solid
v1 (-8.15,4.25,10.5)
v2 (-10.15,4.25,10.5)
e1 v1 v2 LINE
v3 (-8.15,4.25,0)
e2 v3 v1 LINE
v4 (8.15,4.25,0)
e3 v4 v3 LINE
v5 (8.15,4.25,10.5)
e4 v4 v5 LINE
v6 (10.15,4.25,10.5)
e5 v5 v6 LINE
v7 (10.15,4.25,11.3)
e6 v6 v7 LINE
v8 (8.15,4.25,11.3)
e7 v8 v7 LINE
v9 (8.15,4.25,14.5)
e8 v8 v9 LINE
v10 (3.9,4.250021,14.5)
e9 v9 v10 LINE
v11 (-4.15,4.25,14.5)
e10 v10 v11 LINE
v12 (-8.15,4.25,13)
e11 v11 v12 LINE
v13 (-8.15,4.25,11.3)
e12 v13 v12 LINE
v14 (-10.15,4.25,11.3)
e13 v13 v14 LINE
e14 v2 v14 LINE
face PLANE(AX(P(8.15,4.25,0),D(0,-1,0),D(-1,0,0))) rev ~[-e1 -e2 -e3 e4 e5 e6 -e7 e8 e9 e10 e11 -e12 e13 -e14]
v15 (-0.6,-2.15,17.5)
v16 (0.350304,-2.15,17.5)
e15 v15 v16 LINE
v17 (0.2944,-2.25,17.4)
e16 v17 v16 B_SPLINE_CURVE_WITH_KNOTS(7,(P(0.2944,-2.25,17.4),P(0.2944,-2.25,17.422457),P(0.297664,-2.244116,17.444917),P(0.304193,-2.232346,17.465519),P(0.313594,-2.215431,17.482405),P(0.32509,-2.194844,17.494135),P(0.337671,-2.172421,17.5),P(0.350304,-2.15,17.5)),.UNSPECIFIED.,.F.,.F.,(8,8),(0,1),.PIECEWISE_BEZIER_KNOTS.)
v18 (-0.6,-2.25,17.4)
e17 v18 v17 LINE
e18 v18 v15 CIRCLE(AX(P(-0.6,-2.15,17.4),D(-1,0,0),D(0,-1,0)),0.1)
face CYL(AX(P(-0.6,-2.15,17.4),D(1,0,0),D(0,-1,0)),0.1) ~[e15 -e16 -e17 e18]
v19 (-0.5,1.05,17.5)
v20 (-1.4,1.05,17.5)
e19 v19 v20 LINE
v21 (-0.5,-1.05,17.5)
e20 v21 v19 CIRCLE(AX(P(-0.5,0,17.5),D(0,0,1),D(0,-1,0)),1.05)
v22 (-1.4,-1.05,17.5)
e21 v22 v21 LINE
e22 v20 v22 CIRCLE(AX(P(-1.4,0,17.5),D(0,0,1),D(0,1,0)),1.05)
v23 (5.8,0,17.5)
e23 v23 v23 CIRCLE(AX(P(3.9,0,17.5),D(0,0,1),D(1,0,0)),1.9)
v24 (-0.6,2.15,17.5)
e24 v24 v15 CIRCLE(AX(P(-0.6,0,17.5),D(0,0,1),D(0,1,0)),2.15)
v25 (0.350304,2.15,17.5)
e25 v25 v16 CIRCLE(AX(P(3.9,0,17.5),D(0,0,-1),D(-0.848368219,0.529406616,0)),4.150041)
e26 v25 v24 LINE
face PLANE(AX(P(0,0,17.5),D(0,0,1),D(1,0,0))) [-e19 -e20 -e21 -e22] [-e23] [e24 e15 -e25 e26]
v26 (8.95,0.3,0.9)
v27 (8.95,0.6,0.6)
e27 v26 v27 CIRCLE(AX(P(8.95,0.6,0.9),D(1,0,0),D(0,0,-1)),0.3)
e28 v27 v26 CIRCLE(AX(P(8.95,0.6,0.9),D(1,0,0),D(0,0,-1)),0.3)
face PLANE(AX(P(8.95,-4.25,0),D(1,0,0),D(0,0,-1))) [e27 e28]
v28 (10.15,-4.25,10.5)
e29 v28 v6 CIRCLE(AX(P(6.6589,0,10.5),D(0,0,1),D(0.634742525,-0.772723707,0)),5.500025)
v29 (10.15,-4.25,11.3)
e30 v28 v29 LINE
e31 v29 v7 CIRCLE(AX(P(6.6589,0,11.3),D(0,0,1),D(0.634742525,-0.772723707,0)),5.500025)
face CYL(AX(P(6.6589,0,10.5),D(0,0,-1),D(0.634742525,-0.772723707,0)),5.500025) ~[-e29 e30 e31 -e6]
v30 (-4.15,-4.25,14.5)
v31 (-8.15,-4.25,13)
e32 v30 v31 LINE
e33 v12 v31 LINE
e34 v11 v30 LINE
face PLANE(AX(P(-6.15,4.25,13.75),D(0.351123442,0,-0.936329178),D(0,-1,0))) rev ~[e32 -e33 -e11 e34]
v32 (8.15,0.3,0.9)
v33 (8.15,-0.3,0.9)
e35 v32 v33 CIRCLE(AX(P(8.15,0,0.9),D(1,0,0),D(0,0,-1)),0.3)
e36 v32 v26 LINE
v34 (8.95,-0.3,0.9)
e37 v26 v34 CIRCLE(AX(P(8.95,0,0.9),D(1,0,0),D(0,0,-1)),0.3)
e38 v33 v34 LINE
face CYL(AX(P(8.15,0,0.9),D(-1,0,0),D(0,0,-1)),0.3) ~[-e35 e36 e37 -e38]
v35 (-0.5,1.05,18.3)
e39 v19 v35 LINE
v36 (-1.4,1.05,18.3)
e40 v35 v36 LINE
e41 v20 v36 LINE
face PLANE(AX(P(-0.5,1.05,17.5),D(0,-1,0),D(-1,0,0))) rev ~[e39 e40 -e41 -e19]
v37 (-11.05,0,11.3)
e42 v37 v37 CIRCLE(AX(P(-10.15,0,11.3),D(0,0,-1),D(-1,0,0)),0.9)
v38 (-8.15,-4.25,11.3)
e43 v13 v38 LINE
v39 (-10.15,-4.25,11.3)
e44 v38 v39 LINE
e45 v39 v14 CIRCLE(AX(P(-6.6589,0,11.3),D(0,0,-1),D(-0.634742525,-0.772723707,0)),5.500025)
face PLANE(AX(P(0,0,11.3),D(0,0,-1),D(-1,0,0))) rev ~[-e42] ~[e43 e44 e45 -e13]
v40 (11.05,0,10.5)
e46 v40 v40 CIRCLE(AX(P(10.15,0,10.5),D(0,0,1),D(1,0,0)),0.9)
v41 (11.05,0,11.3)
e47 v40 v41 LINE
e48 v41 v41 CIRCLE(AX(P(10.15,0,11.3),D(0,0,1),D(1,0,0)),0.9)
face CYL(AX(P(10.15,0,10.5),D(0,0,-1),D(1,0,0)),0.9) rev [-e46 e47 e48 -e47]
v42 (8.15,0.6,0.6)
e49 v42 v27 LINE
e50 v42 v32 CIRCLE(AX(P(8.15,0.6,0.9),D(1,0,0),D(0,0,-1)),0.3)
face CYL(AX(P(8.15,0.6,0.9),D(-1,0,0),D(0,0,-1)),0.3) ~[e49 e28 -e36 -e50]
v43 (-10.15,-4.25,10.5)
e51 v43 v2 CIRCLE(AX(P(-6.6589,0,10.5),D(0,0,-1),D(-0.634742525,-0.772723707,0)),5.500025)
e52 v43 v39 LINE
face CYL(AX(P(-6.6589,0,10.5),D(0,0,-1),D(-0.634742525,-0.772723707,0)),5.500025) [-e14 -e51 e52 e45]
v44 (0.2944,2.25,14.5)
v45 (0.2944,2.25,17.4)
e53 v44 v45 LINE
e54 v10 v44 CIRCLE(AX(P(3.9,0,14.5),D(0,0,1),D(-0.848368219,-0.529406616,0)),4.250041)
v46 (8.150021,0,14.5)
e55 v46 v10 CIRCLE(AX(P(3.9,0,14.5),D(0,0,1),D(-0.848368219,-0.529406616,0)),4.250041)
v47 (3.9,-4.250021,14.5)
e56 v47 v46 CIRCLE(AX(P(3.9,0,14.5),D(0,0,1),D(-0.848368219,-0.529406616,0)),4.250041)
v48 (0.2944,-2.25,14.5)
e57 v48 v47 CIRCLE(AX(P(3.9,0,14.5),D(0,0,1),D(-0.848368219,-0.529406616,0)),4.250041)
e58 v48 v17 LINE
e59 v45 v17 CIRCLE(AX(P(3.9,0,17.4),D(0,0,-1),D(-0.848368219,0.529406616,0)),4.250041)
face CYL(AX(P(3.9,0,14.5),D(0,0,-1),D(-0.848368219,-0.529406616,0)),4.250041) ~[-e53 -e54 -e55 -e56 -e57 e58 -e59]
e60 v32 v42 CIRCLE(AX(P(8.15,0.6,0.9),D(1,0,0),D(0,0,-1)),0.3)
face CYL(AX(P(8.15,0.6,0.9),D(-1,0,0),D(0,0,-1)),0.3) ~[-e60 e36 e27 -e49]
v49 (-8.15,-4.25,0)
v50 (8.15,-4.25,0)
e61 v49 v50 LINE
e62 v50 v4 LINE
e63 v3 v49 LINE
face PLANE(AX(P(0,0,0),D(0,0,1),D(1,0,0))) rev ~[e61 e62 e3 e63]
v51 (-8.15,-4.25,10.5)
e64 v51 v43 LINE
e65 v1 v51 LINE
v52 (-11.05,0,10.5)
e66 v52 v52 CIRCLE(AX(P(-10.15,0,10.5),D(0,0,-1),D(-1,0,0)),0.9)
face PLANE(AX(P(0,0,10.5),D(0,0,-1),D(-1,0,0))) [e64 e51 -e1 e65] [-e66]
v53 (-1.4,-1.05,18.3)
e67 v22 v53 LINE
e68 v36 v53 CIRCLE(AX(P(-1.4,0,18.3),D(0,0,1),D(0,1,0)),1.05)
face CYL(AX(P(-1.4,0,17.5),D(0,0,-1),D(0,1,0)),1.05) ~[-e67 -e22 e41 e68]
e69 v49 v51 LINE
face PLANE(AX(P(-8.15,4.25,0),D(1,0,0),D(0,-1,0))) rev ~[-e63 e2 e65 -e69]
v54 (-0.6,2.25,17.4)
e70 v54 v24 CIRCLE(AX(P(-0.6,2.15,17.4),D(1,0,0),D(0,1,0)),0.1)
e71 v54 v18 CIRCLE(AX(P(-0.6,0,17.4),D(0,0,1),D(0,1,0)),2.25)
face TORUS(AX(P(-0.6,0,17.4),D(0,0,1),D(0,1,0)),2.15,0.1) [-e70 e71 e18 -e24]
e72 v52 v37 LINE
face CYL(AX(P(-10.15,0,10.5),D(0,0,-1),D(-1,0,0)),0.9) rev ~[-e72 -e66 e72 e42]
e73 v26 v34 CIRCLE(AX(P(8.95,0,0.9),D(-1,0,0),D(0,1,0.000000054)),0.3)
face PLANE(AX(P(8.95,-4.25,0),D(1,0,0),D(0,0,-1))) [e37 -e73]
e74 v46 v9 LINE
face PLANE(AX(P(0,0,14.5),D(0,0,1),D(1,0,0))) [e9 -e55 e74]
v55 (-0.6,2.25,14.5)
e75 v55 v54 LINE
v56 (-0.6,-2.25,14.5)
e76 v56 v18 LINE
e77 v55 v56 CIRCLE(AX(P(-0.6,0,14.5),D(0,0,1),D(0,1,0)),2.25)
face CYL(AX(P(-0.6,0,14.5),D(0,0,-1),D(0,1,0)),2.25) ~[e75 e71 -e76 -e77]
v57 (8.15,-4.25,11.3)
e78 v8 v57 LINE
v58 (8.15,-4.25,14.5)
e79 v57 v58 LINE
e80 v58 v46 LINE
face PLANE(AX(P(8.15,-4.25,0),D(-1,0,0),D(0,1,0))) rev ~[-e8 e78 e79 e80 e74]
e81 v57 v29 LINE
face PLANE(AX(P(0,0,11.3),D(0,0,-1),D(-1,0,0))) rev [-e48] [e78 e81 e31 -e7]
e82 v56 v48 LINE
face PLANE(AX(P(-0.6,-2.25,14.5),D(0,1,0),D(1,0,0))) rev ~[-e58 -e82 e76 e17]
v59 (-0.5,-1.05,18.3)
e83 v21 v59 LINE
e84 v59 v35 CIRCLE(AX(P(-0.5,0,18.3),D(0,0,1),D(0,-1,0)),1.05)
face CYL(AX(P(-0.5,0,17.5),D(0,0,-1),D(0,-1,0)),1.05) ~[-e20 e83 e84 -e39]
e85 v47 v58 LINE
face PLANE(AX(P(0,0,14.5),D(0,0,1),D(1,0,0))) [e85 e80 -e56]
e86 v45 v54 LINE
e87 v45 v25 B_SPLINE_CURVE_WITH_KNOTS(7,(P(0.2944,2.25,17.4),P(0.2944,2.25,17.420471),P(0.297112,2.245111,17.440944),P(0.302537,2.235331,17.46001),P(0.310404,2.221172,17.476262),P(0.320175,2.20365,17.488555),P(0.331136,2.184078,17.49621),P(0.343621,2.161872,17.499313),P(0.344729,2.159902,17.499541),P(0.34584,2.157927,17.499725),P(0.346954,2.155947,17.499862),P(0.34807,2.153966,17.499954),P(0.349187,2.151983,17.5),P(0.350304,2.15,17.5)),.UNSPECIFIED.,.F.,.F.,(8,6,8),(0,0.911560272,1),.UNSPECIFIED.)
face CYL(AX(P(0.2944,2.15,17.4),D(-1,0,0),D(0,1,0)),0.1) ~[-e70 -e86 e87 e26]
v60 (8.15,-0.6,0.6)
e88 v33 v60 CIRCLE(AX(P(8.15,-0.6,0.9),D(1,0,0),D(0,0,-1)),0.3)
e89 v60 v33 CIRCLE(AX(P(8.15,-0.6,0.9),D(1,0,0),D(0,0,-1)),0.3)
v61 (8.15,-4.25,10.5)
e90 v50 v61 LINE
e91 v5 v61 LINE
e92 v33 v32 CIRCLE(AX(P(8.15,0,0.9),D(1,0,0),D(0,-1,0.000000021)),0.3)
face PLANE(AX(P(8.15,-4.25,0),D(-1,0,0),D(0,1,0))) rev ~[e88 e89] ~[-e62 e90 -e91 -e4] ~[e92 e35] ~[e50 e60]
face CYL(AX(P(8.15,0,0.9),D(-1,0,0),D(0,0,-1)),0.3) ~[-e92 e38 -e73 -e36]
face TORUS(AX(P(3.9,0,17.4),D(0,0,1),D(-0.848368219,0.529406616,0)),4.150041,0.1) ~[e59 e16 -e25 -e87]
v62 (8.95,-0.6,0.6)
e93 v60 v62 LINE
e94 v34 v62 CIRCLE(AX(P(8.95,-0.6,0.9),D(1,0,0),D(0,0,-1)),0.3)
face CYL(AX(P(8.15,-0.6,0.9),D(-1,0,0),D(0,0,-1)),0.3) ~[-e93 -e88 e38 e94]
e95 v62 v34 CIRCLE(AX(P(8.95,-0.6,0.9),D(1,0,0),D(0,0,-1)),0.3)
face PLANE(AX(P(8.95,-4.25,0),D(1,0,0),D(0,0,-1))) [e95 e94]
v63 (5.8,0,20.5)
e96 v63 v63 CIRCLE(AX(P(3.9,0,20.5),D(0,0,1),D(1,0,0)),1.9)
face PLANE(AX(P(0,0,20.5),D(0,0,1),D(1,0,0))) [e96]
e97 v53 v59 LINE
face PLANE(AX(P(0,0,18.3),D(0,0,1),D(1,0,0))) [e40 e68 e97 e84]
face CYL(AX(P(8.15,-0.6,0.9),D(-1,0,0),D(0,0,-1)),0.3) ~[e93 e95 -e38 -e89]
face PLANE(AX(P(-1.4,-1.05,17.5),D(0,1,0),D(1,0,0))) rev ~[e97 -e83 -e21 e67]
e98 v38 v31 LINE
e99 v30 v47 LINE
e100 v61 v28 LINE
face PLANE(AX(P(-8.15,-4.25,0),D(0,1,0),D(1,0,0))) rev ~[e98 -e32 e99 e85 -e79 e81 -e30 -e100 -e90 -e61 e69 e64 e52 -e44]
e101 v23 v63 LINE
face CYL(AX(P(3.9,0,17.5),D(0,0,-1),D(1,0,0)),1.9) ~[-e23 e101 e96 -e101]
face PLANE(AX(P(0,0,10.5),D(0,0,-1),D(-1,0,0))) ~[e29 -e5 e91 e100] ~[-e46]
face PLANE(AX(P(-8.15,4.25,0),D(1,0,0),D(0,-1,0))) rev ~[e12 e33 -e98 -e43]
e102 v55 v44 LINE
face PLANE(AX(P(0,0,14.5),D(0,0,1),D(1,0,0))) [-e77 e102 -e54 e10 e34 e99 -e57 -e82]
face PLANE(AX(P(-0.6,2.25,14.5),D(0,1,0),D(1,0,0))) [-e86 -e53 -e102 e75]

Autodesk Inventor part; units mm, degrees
ref_plane "YZ Plane" through (0, 0, 0) normal (1, 0, 0) x (0, 1, 0)
ref_plane "XZ Plane" through (0, 0, 0) normal (0, 1, 0) x (-1, 0, 0)
ref_plane "XY Plane" through (0, 0, 0) normal (0, 0, 1) x (1, 0, 0)
sketch "スケッチ1" plane through (0, 0, 0) normal (0, 0, 1) x (1, 0, 0)
  line L0 (-8.15, -4.25) -> (8.15, -4.25)
  line L1 (8.15, -4.25) -> (8.15, 4.25)
  line L2 (8.15, 4.25) -> (-8.15, 4.25)
  line L3 (-8.15, 4.25) -> (-8.15, -4.25)
  line L4 (-8.15, -4.25) -> (8.15, 4.25) construction
  line L5 (8.15, -4.25) -> (-8.15, 4.25) construction
  point P0 (0, 0)
  dimension "d0" = 16.3
  dimension "d1" = 8.5
extrude "押し出し1" add sketch "スケッチ1" along normal blind 14.5
ref_plane "作業平面2" through (0, 0, 10.5) normal (0, 0, -1) x (-1, 0, 0)
sketch "スケッチ3" plane through (0, 0, 10.5) normal (0, 0, -1) x (-1, 0, 0)
  circle A0 centre (10.15, 0) radius 0.9
  line L0 (8.15, 4.25) -> (8.15, -4.25) projected
  line L1 (8.15, -4.25) -> (8.15, 4.25)
  line L2 (8.15, 4.25) -> (10.15, 4.25)
  line L3 (8.15, -4.25) -> (10.15, -4.25)
  line L4 (8.15, 4.25) -> (8.15, -4.25) projected
  arc A1 (10.15, -4.25) -> (10.15, 4.25) centre (6.6589, 0) ccw
  point P0 (0, 0)
  point P1 (8.15, 0)
  dimension "d11" = 1.8
  dimension "d12" = 2
  dimension "d13" = 5.5
extrude "押し出し3" add sketch "スケッチ3" against normal blind 0.8
mirror "ミラー1" about plane through (0, 0, 0) normal (1, 0, 0) of "押し出し3"
sketch "スケッチ4" plane through (8.15, -4.25, 0) normal (1, 0, 0) x (0, 0, -1)
  circle A0 centre (-0.9, 4.25) radius 0.3
  circle A1 centre (-0.9, 4.85) radius 0.3
  circle A2 centre (-0.9, 3.65) radius 0.3
  line L0 (0, 0) -> (0, 8.5) projected
  point P0 (0, 4.25)
  point P1 (0, 4.25)
  dimension "d16" = 0.6
  dimension "d18" = 0.9
extrude "押し出し4" add sketch "スケッチ4" along normal blind 0.8
chamfer "面取り1" distance 4 distance2 1.5 1 edges at (-8.15, 0, 14.5) measured on face at (2.7167, -1.4167, 14.5)
sketch "スケッチ5" plane through (0, 0, 10.5) normal (0, 0, -1) x (-1, 0, 0)
  point P0 (0, 0)
sketch "スケッチ6" plane through (0, 0, 14.5) normal (0, 0, 1) x (1, 0, 0)
  arc A0 (0.2944, -2.25) -> (0.2944, 2.25) centre (3.9, 0) ccw
  line L0 (8.15, 4.25) -> (-4.15, 4.25) projected
  line L1 (8.15, -4.25) -> (8.15, 4.25) projected
  line L2 (-4.15, -4.25) -> (8.15, -4.25) projected
  arc A1 (-0.6, 2.25) -> (-0.6, -2.25) centre (-0.6, 0) ccw
  line L3 (-0.6, 2.25) -> (0.2944, 2.25)
  line L4 (-0.6, -2.25) -> (0.2944, -2.25)
  point P0 (0, 0)
  dimension "d24" = 4.5
  dimension "d25" = 4.5
extrude "押し出し5" add sketch "スケッチ6" along normal blind 3 contours L4 A1 L3 A0
sketch "スケッチ7" plane through (0, 0, 17.5) normal (0, 0, 1) x (1, 0, 0)
  arc A0 (8.15, 0) -> (3.9, 4.25) centre (3.9, 0) ccw projected
  circle A1 centre (3.9, 0) radius 1.9
  point P0 (0, 0)
  dimension "d28" = 3.8
extrude "押し出し6" add sketch "スケッチ7" along normal blind 3
sketch "スケッチ8" plane through (0, 0, 17.5) normal (0, 0, 1) x (1, 0, 0)
  line L0 (-1.4, 0) -> (-0.5, 0) construction
  line L1 (-1.4, -1.05) -> (-0.5, -1.05)
  line L2 (-0.5, 1.05) -> (-1.4, 1.05)
  arc A0 (-1.4, 1.05) -> (-1.4, -1.05) centre (-1.4, 0) ccw
  arc A1 (-0.5, -1.05) -> (-0.5, 1.05) centre (-0.5, 0) ccw
  arc A2 (-0.6, 2.25) -> (-0.6, -2.25) centre (-0.6, 0) ccw projected
  point P0 (0, 0)
  point P1 (-0.95, 0)
  dimension "d31" = 2.1
  dimension "d32" = 3
  dimension "d33" = 0.8
extrude "押し出し7" add sketch "スケッチ8" along normal blind 0.8
fillet "フィレット1" radius 0.1 4 edges at (8.15, 0, 17.5) (-2.85, 0, 17.5) (-0.1528, 2.25, 17.5) (-0.1528, -2.25, 17.5)
properties part number "Servo"
